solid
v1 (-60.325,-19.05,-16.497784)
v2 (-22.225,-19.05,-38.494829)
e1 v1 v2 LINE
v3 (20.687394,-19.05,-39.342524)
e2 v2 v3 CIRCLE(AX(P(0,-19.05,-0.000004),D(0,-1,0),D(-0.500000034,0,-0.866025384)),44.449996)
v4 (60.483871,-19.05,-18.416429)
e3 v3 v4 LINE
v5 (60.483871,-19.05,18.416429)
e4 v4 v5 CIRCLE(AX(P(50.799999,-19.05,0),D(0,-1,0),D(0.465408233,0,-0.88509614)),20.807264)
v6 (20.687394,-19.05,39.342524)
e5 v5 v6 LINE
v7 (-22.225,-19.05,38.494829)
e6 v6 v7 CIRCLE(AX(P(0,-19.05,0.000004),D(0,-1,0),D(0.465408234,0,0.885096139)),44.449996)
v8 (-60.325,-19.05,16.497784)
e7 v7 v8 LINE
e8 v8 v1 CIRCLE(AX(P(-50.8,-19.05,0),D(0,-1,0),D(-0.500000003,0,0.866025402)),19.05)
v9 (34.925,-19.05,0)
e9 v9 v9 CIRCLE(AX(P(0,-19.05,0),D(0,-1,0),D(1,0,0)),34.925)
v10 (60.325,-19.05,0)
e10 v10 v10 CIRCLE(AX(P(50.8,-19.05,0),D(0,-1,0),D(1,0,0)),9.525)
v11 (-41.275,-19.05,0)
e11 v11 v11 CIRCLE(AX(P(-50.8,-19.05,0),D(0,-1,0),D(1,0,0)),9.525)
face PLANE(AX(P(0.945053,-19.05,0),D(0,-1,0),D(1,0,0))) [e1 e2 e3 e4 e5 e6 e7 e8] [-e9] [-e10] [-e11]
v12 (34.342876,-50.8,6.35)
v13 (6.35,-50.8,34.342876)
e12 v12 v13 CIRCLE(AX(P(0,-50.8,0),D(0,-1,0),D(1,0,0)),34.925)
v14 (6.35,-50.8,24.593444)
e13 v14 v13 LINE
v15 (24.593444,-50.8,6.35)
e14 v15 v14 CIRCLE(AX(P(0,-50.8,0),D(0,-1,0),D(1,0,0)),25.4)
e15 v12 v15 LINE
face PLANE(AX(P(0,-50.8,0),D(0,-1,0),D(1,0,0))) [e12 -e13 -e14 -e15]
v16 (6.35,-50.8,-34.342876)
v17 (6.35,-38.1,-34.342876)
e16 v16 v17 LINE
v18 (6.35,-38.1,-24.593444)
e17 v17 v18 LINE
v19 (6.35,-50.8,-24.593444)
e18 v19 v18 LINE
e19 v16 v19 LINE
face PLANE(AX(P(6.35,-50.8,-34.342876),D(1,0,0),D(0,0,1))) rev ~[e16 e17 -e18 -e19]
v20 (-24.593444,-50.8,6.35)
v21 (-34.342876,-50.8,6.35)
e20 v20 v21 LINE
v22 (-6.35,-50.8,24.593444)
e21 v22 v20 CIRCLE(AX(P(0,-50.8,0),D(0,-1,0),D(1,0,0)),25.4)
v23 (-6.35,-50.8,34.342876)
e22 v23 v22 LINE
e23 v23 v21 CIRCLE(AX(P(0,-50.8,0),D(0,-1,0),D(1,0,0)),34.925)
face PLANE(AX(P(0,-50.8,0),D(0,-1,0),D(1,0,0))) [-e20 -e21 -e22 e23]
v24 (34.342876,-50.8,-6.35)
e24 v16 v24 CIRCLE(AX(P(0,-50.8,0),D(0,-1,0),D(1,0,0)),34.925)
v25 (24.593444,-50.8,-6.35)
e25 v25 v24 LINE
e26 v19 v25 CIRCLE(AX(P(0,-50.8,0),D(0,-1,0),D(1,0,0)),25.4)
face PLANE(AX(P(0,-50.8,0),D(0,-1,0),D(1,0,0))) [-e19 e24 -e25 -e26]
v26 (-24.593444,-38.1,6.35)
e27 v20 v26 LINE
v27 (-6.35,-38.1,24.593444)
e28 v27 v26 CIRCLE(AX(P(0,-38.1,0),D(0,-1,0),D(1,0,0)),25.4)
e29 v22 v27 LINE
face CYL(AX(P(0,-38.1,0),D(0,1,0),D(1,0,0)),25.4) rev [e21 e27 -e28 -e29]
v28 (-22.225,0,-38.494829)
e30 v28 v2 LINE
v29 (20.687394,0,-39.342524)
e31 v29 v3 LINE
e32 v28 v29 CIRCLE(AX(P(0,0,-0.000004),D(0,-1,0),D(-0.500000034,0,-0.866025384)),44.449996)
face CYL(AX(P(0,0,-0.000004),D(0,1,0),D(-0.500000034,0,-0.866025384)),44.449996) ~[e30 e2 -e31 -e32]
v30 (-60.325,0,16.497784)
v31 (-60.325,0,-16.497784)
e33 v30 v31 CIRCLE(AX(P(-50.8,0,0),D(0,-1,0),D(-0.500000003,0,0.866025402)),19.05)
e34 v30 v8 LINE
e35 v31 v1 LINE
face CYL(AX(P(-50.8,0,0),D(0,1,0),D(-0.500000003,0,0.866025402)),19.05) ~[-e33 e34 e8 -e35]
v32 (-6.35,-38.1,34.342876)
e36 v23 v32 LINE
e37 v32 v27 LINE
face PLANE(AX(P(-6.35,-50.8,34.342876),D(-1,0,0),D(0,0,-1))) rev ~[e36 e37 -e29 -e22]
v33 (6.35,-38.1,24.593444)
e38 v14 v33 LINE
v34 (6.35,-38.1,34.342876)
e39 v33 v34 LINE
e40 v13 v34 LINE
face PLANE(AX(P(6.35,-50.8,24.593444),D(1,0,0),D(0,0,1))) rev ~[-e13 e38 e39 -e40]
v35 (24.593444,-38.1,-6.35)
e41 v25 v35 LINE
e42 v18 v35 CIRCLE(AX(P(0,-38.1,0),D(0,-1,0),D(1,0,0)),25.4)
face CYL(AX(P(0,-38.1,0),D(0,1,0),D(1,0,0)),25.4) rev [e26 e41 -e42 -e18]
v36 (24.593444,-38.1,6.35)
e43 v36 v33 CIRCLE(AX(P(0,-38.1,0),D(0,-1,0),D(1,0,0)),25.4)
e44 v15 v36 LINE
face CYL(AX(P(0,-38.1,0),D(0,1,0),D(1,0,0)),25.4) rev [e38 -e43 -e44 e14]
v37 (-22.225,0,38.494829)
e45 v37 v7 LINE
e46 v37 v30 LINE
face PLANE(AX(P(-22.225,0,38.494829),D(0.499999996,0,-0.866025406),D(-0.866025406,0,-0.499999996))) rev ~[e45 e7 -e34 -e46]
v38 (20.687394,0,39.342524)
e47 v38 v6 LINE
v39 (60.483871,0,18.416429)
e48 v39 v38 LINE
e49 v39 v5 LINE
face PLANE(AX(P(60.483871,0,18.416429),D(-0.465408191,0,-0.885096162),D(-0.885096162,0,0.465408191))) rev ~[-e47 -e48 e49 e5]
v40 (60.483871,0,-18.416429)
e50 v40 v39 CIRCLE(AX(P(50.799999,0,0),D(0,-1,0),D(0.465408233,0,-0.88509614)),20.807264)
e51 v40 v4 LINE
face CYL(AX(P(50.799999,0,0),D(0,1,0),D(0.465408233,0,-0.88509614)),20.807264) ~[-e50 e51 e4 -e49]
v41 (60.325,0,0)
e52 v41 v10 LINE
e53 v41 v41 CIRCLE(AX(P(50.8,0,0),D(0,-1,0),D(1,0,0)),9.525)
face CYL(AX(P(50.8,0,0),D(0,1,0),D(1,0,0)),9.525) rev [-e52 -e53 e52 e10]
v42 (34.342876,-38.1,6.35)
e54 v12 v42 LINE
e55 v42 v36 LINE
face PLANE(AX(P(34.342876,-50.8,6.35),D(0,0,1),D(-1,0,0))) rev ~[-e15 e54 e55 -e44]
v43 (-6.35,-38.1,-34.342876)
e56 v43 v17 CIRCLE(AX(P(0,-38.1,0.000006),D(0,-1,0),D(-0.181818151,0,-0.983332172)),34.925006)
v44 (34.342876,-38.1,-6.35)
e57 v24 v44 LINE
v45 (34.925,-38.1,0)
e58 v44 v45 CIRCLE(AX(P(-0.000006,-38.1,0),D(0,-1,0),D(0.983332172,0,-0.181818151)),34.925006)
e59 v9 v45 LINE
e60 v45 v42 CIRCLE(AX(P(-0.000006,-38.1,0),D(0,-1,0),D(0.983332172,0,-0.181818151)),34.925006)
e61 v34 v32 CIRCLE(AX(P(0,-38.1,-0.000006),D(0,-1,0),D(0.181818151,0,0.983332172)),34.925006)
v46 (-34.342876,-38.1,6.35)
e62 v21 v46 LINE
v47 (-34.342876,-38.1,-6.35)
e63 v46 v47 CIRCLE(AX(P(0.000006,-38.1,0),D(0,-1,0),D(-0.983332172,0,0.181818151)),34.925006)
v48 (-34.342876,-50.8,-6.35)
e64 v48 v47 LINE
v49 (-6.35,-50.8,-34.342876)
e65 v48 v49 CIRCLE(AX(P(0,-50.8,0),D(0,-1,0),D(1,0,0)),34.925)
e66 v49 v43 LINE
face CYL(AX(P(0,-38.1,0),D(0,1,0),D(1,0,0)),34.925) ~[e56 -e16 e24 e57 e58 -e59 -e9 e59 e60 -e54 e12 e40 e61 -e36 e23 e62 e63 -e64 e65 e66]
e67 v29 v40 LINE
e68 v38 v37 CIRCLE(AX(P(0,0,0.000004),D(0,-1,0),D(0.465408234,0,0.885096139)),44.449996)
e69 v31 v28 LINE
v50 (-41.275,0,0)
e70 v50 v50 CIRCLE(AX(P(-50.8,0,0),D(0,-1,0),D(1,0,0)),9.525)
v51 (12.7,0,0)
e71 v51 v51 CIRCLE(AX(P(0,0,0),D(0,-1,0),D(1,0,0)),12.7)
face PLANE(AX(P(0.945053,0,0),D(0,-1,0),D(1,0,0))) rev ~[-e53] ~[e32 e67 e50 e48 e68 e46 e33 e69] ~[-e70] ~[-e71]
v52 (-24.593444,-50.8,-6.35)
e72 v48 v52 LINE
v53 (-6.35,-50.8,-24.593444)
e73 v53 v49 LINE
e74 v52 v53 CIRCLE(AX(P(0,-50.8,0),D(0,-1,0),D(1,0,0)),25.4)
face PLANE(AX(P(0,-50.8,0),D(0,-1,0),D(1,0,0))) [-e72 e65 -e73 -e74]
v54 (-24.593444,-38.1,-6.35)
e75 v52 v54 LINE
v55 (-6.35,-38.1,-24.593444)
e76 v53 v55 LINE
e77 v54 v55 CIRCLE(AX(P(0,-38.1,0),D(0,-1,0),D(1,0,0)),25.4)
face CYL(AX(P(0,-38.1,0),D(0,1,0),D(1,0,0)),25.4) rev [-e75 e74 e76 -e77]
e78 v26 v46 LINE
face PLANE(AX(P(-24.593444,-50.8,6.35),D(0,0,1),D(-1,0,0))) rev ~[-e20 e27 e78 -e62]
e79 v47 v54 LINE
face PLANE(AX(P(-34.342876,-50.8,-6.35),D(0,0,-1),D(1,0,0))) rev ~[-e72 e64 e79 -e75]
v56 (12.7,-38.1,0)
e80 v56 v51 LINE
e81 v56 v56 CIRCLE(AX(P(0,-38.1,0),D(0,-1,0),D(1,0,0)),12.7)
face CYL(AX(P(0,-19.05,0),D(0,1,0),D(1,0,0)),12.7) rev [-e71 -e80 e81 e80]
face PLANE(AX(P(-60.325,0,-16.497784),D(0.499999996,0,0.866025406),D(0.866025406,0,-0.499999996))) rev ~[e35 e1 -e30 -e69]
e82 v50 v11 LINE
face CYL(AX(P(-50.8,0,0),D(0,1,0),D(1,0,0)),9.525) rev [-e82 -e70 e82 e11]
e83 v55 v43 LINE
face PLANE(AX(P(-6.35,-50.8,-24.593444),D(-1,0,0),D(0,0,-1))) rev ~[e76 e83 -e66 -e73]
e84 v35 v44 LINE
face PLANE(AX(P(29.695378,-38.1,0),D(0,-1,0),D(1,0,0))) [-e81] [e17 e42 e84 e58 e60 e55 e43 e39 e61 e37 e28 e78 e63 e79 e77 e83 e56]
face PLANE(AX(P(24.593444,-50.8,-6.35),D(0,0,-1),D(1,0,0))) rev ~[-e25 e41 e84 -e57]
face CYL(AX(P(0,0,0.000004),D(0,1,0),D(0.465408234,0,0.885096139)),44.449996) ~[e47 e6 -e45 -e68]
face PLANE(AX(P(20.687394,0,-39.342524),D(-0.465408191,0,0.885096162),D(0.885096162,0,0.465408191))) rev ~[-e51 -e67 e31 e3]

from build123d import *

# Parameters (mm, degrees)
F0_R     = 9.525
F0_R_2   = 12.7
F1_DEPTH = 19.05
F2_R     = 34.925
F2_R_2   = 12.7
F3_DEPTH = 19.05
F4_R     = 34.925
F4_R_2   = 25.4
F5_DEPTH = 12.7
F7_DEPTH = 12.7


with BuildPart() as f1:
    # F0 (on Front) → F1 (new body)
    with BuildSketch(Plane.XZ):
        with BuildLine():
            Line((-60.325, -16.497784), (-22.225, -38.494829))
            ThreePointArc((-22.225, -38.494829), (-0.877898, -44.44133), (20.687394, -39.342524))
            Line((20.687394, -39.342524), (60.483871, -18.416429))
            ThreePointArc((60.483871, -18.416429), (71.607263, 0), (60.483871, 18.416429))
            Line((60.483871, 18.416429), (20.687394, 39.342524))
            ThreePointArc((20.687394, 39.342524), (-0.877898, 44.44133), (-22.225, 38.494829))
            Line((-22.225, 38.494829), (-60.325, 16.497784))
            ThreePointArc((-60.325, 16.497784), (-69.85, 0), (-60.325, -16.497784))
        make_face()
        with Locations((-50.8, 0)):
            Circle(F0_R, mode=Mode.SUBTRACT)
        Circle(F0_R_2, mode=Mode.SUBTRACT)
        with Locations((50.8, 0)):
            Circle(F0_R, mode=Mode.SUBTRACT)
    extrude(amount=F1_DEPTH)

    # F2 (on face) → F3 (join)
    with BuildSketch(Plane.XZ.offset(19.05)):
        Circle(F2_R)
        Circle(F2_R_2, mode=Mode.SUBTRACT)
    extrude(amount=F3_DEPTH)

    # F4 (on face) → F5 (join)
    with BuildSketch(Plane.XZ.offset(38.1)):
        Circle(F4_R)
        Circle(F4_R_2, mode=Mode.SUBTRACT)
    extrude(amount=F5_DEPTH)

    # F6 (on face) → F7 (cut)
    with BuildSketch(Plane.XZ.offset(50.8)):
        with BuildLine():
            Line((-6.35, 34.342876), (-6.35, 24.593444))
            ThreePointArc((-6.35, 24.593444), (0, 25.4), (6.35, 24.593444))
            Line((6.35, 24.593444), (6.35, 34.342876))
            ThreePointArc((6.35, 34.342876), (0, 34.925), (-6.35, 34.342876))
        make_face()
        with BuildLine():
            Line((34.342876, 6.35), (24.593444, 6.35))
            ThreePointArc((24.593444, 6.35), (25.4, 0), (24.593444, -6.35))
            Line((24.593444, -6.35), (34.342876, -6.35))
            ThreePointArc((34.342876, -6.35), (34.925, 0), (34.342876, 6.35))
        make_face()
        with BuildLine():
            Line((6.35, -34.342876), (6.35, -24.593444))
            ThreePointArc((6.35, -24.593444), (0, -25.4), (-6.35, -24.593444))
            Line((-6.35, -24.593444), (-6.35, -34.342876))
            ThreePointArc((-6.35, -34.342876), (0, -34.925), (6.35, -34.342876))
        make_face()
        with BuildLine():
            Line((-34.342876, -6.35), (-24.593444, -6.35))
            ThreePointArc((-24.593444, -6.35), (-25.4, 0), (-24.593444, 6.35))
            Line((-24.593444, 6.35), (-34.342876, 6.35))
            ThreePointArc((-34.342876, 6.35), (-34.925, 0), (-34.342876, -6.35))
        make_face()
    extrude(amount=-F7_DEPTH, mode=Mode.SUBTRACT)


solid = f1.part
